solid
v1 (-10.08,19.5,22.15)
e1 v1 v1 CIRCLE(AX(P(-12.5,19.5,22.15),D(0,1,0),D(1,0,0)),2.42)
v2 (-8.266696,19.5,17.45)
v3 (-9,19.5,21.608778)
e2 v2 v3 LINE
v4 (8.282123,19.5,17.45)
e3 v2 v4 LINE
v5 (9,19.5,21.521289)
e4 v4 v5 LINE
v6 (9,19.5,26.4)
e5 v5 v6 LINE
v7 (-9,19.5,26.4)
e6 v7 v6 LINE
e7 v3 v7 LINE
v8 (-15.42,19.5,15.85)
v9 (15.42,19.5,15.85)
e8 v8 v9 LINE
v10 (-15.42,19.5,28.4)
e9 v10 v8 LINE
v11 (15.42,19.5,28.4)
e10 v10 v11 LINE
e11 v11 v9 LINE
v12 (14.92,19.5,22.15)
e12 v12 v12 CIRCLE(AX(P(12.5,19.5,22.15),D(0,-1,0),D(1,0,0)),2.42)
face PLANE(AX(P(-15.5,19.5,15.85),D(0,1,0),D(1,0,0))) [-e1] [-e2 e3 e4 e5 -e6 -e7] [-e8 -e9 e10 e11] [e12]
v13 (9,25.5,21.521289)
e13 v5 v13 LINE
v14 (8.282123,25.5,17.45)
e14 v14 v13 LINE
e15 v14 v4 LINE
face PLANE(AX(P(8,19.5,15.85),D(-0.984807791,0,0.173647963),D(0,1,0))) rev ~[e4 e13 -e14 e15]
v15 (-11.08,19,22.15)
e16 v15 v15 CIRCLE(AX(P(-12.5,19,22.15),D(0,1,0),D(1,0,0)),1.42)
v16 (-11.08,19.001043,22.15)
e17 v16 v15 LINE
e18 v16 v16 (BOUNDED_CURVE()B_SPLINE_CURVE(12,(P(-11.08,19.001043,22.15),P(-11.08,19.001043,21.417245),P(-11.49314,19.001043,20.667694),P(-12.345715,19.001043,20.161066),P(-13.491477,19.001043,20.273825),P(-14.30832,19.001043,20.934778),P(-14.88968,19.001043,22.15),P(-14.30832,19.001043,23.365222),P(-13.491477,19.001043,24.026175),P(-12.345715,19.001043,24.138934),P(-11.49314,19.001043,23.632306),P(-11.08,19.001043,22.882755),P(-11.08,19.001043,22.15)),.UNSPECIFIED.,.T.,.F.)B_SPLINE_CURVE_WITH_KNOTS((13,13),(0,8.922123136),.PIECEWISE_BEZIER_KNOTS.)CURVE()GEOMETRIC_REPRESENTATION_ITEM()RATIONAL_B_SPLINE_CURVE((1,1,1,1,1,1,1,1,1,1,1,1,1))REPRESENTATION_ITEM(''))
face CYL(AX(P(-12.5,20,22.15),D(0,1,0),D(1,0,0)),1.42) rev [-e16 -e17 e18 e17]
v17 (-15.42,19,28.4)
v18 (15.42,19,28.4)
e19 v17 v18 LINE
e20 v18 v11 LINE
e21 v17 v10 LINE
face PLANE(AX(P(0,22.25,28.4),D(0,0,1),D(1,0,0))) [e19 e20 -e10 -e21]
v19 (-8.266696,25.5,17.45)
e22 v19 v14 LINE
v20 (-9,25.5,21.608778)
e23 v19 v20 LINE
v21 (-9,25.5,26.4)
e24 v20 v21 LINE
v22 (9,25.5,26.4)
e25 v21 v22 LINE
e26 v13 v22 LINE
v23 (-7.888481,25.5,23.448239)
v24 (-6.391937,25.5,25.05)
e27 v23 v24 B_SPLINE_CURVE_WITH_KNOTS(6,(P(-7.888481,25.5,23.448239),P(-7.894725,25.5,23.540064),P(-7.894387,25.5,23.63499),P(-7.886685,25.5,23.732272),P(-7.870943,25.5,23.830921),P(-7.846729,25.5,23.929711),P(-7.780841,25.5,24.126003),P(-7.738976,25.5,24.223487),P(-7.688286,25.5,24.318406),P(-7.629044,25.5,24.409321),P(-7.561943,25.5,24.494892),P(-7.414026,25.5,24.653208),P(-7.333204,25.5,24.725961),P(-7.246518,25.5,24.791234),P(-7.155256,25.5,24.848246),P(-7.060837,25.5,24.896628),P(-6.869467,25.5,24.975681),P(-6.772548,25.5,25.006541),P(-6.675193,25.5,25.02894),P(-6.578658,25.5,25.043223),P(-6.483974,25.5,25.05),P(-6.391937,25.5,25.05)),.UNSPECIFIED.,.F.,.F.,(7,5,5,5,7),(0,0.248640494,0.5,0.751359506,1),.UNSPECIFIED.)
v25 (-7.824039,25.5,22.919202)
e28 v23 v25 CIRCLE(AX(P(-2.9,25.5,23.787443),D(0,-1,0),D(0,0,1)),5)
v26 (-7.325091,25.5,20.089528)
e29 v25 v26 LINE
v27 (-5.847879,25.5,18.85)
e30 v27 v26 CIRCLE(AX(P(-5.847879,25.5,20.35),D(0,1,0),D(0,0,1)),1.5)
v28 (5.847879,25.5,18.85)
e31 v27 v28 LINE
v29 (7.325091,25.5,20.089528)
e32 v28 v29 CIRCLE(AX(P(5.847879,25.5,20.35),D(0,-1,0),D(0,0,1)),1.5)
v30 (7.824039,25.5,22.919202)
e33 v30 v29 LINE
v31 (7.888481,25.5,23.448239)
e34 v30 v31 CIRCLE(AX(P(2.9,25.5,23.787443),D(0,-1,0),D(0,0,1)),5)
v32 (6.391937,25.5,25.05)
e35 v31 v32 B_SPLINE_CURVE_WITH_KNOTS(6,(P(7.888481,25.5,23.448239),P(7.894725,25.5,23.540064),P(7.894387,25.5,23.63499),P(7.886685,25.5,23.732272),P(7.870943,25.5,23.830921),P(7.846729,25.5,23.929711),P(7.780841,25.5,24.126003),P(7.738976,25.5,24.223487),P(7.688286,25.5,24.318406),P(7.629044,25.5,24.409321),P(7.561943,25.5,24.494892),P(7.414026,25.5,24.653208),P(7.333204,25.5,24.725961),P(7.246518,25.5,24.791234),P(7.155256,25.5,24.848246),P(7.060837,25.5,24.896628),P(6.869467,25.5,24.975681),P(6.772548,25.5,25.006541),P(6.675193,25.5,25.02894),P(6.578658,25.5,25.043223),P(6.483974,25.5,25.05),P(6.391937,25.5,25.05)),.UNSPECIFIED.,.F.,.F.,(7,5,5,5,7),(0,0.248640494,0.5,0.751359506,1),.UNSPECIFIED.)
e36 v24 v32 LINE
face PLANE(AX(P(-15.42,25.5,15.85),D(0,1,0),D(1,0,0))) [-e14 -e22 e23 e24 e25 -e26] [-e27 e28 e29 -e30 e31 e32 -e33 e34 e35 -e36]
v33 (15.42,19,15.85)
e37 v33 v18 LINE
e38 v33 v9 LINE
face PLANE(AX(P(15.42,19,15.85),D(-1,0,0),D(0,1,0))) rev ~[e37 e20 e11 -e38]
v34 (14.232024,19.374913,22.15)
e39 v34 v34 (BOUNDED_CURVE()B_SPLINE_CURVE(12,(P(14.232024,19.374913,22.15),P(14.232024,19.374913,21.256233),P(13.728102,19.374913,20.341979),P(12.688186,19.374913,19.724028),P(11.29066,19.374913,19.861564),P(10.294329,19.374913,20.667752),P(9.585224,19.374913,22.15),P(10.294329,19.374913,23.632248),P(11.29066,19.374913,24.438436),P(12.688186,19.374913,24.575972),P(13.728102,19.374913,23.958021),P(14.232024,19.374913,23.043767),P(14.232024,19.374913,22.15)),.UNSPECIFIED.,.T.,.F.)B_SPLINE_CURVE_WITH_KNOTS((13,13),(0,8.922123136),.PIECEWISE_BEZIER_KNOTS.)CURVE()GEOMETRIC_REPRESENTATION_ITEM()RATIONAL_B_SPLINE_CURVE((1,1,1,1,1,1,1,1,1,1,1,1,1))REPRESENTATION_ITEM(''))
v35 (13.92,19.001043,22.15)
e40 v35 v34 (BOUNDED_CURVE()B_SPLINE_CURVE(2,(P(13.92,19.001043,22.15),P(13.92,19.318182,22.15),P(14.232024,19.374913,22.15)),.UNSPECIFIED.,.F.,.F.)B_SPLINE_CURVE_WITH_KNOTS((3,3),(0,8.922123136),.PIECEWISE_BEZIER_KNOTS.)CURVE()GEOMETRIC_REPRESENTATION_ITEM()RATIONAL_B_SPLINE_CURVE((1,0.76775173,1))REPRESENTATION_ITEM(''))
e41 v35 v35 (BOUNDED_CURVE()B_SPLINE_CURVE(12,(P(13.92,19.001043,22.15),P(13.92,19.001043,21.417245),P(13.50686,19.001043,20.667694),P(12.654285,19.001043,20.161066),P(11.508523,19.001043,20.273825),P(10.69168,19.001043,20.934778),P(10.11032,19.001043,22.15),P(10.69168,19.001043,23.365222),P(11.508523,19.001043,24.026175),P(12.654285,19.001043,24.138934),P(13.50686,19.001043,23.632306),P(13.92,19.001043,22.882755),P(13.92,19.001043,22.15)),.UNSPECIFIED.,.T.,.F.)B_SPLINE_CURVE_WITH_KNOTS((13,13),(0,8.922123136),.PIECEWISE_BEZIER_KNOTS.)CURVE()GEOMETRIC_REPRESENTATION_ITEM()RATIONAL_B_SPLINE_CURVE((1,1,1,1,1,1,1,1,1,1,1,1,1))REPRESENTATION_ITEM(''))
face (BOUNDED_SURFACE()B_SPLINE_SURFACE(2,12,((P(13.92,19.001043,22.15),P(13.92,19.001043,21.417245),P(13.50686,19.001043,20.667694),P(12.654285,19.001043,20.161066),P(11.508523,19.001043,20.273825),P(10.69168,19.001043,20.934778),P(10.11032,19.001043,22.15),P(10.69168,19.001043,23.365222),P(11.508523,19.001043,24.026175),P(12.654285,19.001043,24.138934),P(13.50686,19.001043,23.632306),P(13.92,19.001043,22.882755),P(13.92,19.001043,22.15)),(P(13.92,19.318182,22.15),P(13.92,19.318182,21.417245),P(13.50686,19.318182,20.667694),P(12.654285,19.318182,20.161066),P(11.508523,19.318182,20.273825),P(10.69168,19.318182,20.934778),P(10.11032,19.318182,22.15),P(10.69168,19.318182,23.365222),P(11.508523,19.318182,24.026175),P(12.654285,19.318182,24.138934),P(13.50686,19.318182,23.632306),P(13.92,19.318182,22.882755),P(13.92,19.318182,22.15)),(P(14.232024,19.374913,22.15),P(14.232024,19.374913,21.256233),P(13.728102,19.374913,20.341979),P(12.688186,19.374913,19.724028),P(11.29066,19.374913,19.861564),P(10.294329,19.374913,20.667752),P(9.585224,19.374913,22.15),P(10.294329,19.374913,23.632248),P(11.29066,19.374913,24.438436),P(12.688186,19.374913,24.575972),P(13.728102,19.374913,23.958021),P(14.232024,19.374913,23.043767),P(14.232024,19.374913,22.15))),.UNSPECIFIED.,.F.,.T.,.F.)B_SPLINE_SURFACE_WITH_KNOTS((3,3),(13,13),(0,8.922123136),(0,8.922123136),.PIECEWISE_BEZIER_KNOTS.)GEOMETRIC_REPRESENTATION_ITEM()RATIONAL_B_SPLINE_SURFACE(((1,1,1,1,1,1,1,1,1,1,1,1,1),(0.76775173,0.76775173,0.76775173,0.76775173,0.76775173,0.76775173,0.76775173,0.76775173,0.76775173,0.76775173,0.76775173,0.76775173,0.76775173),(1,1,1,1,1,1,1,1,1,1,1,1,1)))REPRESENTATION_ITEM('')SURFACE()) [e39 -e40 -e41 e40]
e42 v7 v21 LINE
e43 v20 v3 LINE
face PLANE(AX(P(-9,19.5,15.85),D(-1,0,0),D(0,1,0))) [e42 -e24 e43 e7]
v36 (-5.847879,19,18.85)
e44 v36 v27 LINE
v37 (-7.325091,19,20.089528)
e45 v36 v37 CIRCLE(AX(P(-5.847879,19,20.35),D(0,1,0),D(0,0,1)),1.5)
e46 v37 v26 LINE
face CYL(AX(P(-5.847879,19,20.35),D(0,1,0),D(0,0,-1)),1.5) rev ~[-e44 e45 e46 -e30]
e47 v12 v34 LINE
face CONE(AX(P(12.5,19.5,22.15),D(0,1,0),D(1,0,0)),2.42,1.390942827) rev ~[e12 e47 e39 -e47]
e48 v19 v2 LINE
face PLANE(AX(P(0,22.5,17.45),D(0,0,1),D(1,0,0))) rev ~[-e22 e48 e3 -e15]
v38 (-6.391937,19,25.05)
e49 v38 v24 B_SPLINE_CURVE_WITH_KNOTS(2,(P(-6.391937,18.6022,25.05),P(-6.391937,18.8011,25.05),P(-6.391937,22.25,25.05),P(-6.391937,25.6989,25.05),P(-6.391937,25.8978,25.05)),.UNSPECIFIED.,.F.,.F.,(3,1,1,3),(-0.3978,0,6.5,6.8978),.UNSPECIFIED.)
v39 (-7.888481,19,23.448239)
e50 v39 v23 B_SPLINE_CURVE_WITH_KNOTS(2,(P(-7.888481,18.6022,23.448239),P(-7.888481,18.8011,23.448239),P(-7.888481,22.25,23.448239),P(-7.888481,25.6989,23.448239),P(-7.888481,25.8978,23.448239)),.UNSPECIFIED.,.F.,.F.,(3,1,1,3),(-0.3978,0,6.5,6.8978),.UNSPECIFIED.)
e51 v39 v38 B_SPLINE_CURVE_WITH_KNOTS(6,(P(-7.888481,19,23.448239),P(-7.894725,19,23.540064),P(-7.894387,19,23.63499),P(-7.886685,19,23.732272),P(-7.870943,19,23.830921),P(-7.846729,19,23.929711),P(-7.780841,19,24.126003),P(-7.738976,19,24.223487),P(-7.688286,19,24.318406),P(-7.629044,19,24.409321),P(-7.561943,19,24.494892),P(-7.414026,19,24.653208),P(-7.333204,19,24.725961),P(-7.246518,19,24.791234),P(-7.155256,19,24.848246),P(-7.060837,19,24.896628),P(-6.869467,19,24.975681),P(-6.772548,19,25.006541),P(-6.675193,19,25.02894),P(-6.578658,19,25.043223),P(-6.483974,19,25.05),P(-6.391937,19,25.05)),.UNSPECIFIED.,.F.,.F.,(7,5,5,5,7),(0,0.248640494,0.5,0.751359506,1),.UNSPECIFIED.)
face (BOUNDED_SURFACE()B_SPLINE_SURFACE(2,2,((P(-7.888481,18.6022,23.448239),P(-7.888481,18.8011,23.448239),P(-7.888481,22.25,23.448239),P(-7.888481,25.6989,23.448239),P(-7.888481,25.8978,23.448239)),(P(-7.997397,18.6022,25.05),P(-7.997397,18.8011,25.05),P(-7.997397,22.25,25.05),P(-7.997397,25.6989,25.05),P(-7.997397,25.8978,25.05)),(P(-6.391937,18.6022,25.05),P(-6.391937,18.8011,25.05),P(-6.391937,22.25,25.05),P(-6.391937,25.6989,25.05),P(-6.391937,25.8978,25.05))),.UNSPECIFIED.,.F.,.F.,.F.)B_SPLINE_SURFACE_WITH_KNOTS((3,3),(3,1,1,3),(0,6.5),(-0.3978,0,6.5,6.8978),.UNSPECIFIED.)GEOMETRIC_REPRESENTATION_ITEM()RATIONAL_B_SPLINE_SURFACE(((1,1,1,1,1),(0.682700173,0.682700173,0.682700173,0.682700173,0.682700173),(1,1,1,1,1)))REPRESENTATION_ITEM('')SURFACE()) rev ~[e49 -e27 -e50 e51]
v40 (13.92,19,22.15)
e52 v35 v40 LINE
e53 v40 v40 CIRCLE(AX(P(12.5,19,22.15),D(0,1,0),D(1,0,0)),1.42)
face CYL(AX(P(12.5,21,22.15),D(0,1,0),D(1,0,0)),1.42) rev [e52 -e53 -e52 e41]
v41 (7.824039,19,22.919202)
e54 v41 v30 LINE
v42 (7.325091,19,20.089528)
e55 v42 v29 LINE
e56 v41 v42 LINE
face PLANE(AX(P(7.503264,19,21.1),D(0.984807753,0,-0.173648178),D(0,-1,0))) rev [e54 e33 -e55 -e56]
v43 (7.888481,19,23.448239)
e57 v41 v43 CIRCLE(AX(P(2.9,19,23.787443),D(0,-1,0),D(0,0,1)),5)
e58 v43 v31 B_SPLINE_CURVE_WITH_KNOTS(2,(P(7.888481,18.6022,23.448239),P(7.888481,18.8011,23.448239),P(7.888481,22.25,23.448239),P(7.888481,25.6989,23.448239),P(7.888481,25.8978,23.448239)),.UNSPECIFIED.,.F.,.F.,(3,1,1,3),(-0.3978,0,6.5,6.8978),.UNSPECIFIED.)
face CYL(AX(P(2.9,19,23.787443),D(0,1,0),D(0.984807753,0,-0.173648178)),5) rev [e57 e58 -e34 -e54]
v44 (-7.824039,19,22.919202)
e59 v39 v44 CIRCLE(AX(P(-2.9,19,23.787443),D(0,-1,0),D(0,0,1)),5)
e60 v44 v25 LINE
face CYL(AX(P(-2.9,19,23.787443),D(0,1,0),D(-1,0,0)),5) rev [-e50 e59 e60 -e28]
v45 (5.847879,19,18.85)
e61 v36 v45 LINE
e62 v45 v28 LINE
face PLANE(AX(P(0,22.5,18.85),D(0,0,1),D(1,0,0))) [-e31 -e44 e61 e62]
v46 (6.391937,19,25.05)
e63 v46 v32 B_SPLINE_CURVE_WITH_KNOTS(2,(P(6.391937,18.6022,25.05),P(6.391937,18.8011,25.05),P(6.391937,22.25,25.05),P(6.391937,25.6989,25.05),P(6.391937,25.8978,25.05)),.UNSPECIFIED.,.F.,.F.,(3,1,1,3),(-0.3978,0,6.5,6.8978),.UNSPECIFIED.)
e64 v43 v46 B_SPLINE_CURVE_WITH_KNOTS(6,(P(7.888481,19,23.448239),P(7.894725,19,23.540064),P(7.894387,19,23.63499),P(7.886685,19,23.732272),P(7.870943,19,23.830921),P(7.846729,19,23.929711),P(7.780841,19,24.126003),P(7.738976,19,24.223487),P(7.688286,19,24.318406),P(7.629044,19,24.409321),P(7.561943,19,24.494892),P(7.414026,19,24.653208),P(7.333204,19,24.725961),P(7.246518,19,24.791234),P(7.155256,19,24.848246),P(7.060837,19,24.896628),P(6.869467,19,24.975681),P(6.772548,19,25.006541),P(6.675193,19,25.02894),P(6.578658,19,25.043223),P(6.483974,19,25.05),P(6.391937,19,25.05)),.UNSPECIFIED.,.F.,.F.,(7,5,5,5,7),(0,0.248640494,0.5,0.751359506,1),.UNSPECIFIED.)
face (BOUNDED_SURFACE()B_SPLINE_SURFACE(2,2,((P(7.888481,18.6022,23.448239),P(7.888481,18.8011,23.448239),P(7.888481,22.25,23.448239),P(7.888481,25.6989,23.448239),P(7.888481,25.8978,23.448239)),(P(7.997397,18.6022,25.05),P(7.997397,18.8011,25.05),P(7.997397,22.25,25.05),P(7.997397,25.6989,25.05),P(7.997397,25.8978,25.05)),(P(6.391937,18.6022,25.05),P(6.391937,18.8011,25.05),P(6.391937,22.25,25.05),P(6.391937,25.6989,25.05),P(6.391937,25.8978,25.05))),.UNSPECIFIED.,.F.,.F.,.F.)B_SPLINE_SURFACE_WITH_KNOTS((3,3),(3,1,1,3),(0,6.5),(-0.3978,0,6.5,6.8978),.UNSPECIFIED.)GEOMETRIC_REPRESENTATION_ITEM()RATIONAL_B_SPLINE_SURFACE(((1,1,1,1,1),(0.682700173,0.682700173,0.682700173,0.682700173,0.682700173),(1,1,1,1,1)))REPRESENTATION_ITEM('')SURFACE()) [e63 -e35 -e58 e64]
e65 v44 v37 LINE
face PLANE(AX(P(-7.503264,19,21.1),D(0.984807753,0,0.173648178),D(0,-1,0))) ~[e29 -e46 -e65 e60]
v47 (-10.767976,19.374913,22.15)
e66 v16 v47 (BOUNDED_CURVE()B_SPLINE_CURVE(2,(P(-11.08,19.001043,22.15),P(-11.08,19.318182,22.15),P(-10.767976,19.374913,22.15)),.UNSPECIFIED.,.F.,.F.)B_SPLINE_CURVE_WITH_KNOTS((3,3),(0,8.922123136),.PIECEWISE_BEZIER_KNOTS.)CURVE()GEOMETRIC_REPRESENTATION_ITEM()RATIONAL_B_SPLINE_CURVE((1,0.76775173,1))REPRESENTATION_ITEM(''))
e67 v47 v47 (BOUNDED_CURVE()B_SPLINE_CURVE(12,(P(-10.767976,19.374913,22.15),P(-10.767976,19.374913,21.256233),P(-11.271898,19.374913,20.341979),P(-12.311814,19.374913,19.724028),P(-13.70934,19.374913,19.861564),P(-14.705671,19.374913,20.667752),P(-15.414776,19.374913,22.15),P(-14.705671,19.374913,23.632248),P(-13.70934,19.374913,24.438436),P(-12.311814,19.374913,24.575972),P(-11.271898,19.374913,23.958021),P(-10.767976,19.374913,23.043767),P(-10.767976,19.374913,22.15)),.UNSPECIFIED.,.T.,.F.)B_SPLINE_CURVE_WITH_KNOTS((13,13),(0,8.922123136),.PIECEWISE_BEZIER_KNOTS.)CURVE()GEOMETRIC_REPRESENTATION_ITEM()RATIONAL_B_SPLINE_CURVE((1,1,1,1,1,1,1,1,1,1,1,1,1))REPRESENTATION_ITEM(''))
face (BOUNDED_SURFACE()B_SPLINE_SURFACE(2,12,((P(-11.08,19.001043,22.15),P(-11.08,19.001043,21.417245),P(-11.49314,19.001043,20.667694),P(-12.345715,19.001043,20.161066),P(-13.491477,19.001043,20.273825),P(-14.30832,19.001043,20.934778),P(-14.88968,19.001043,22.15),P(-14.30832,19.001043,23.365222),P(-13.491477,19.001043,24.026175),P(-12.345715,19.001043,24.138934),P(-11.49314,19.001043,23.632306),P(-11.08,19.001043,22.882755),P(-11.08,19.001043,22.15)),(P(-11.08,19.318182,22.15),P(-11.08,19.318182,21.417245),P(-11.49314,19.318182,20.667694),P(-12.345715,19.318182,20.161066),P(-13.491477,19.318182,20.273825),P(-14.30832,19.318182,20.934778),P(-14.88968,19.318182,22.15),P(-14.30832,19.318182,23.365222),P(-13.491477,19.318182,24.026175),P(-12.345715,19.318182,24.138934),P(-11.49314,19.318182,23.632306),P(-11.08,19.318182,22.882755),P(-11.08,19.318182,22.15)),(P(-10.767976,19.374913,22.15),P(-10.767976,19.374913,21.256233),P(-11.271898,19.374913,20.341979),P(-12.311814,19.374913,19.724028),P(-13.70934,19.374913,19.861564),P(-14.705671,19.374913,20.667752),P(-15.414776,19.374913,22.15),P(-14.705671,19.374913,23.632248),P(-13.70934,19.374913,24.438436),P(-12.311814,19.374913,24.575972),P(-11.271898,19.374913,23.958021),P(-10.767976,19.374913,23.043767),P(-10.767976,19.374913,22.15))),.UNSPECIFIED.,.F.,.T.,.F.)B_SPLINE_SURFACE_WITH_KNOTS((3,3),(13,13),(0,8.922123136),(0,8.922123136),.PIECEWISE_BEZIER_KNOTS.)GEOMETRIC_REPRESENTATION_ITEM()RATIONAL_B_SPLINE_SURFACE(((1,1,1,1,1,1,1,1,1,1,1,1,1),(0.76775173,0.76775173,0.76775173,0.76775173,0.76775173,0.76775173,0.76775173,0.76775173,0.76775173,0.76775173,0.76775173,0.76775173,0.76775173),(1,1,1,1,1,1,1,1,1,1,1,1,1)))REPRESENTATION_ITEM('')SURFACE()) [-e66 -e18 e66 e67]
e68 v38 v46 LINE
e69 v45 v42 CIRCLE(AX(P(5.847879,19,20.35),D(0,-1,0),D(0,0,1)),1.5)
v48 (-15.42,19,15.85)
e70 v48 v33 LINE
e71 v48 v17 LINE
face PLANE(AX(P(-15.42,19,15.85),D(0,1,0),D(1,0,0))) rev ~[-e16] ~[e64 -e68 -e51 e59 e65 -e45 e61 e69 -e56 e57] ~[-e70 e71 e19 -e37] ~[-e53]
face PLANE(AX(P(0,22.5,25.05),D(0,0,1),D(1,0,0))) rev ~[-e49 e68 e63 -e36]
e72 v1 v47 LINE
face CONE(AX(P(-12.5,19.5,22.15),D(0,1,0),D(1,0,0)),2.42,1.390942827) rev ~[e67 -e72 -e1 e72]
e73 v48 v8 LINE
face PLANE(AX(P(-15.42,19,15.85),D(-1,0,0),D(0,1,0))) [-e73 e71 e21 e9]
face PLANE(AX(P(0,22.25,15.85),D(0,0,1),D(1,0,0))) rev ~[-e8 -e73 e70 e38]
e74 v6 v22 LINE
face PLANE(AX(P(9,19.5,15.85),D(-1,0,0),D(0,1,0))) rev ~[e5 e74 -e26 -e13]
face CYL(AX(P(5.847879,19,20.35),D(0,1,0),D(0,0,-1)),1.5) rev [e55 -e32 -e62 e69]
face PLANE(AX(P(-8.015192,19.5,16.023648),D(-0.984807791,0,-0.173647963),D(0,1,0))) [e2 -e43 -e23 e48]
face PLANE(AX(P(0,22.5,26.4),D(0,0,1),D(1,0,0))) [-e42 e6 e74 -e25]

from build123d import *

# Parameters (mm, degrees)
BOX042_W           = 30.84
BOX042_H           = 6.5
BOX042_DEPTH       = 12.55
BOX043_W           = 6.5
BOX043_H           = 6
BOX043_DEPTH       = 12.55
BOX040_W           = 6.5
BOX040_H           = 6
BOX040_DEPTH       = 12.55
BOX044_W           = 15.8
BOX044_H           = 7
BOX044_DEPTH       = 6.2
BOX041_W           = 23
BOX041_H           = 6
BOX041_DEPTH       = 1.6
BOX039_W           = 19
BOX039_H           = 6
BOX039_DEPTH       = 2
CYLINDER008_R      = 1.42
CYLINDER008_DEPTH  = 3
CYLINDER009_R      = 1.42
CYLINDER009_DEPTH  = 3
CHAMFER001_1_ANGLE = 10
CHAMFER001_1_SIZE  = 4.5
CHAMFER001_2_ANGLE = 10
CHAMFER001_2_SIZE  = 4.5
FILLET012_R        = 5
FILLET009_R        = 1.5
FILLET013_R        = 5
FILLET010_R        = 1.5
FILLET014_R        = 1.5
FILLET011_R        = 1.5
FILLET015_R        = 0.38
FILLET016_R        = 0.38
BOX045_W           = 1
BOX045_H           = 6
BOX045_DEPTH       = 10
BOX046_W           = 1
BOX046_H           = 6
BOX046_DEPTH       = 10


with BuildPart() as part:
    # Box042 → Box042 (join)
    with BuildSketch(Plane(origin=(-15.42, 19, 0), x_dir=(1, 0, 0), z_dir=(0, 0, 1))):
        with Locations((15.42, 3.25)):
            Rectangle(BOX042_W, BOX042_H)
    extrude(amount=BOX042_DEPTH)

    # Box043 → Box043 (cut)
    with BuildSketch(Plane(origin=(9, 19.5, 0), x_dir=(1, 0, 0), z_dir=(0, 0, 1))):
        with Locations((3.25, 3)):
            Rectangle(BOX043_W, BOX043_H)
    extrude(amount=BOX043_DEPTH, mode=Mode.SUBTRACT)

    # Box040 → Box040 (cut)
    with BuildSketch(Plane(origin=(-15.5, 19.5, 0), x_dir=(1, 0, 0), z_dir=(0, 0, 1))):
        with Locations((3.25, 3)):
            Rectangle(BOX040_W, BOX040_H)
    extrude(amount=BOX040_DEPTH, mode=Mode.SUBTRACT)

    # Box044 → Box044 (cut)
    with BuildSketch(Plane(origin=(-7.9, 19, 3), x_dir=(1, 0, 0), z_dir=(0, 0, 1))):
        with Locations((7.9, 3.5)):
            Rectangle(BOX044_W, BOX044_H)
    extrude(amount=BOX044_DEPTH, mode=Mode.SUBTRACT)

    # Box041 → Box041 (cut)
    with BuildSketch(Plane(origin=(-11.5, 19.5, 0), x_dir=(1, 0, 0), z_dir=(0, 0, 1))):
        with Locations((11.5, 3)):
            Rectangle(BOX041_W, BOX041_H)
    extrude(amount=BOX041_DEPTH, mode=Mode.SUBTRACT)

    # Box039 → Box039 (cut)
    with BuildSketch(Plane(origin=(-9.5, 19.5, 10.55), x_dir=(1, 0, 0), z_dir=(0, 0, 1))):
        with Locations((9.5, 3)):
            Rectangle(BOX039_W, BOX039_H)
    extrude(amount=BOX039_DEPTH, mode=Mode.SUBTRACT)

    # Cylinder008 → Cylinder008 (cut)
    with BuildSketch(Plane(origin=(12.5, 21, 6.3), x_dir=(1, 0, 0), z_dir=(0, -1, 0))):
        Circle(CYLINDER008_R)
    extrude(amount=CYLINDER008_DEPTH, mode=Mode.SUBTRACT)

    # Cylinder009 → Cylinder009 (cut)
    with BuildSketch(Plane(origin=(-12.5, 20, 6.3), x_dir=(1, 0, 0), z_dir=(0, -1, 0))):
        Circle(CYLINDER009_R)
    extrude(amount=CYLINDER009_DEPTH, mode=Mode.SUBTRACT)

    # Chamfer001 1
    chamfer001_1_edges = [part.edges().sort_by_distance(p)[0] for p in [
        (7.9, 22.25, 3),
    ]]
    chamfer001_1_side = part.faces().sort_by_distance((7.9, 22.25, 6.1))[0]
    chamfer(chamfer001_1_edges, length=CHAMFER001_1_SIZE, angle=CHAMFER001_1_ANGLE, reference=chamfer001_1_side)

    # Chamfer001 2
    chamfer001_2_edges = [part.edges().sort_by_distance(p)[0] for p in [
        (-7.9, 22.25, 3),
    ]]
    chamfer001_2_side = part.faces().sort_by_distance((-7.9, 22.25, 6.1))[0]
    chamfer(chamfer001_2_edges, length=CHAMFER001_2_SIZE, angle=CHAMFER001_2_ANGLE, reference=chamfer001_2_side)

    # Fillet012
    fillet012_edges = [part.edges().sort_by_distance(p)[0] for p in [
        (7.9, 22.25, 7.5),
    ]]
    fillet(fillet012_edges, radius=FILLET012_R)

    # Fillet009
    fillet009_edges = [part.edges().sort_by_distance(p)[0] for p in [
        (7.9, 22.25, 9.2),
    ]]
    fillet(fillet009_edges, radius=FILLET009_R)

    # Fillet013
    fillet013_edges = [part.edges().sort_by_distance(p)[0] for p in [
        (-7.9, 22.25, 7.5),
    ]]
    fillet(fillet013_edges, radius=FILLET013_R)

    # Fillet010
    fillet010_edges = [part.edges().sort_by_distance(p)[0] for p in [
        (-7.9, 22.25, 9.2),
    ]]
    fillet(fillet010_edges, radius=FILLET010_R)

    # Fillet014
    fillet014_edges = [part.edges().sort_by_distance(p)[0] for p in [
        (7.106529, 22.25, 3),
    ]]
    fillet(fillet014_edges, radius=FILLET014_R)

    # Fillet011
    fillet011_edges = [part.edges().sort_by_distance(p)[0] for p in [
        (-7.106529, 22.25, 3),
    ]]
    fillet(fillet011_edges, radius=FILLET011_R)

    # Cone002 → Cone002 (revolve, cut)
    with BuildSketch(Plane(origin=(12.5, 19.5, 6.3), x_dir=(1, 0, 0), z_dir=(0, 0, -1))):
        Polygon((0, 0), (2.42, 0), (1.32, 0.2), (0, 0.2), align=None)
    revolve(axis=Axis((12.5, 19.5, 6.3), (0, -1, 0)), mode=Mode.SUBTRACT)

    # Fillet015
    fillet015_edges = [part.edges().sort_by_distance(p)[0] for p in [
        (11.08, 19.318182, 6.3),
    ]]
    fillet(fillet015_edges, radius=FILLET015_R)

    # Cone003 → Cone003 (revolve, cut)
    with BuildSketch(Plane(origin=(-12.5, 19.5, 6.3), x_dir=(1, 0, 0), z_dir=(0, 0, -1))):
        Polygon((0, 0), (2.42, 0), (1.32, 0.2), (0, 0.2), align=None)
    revolve(axis=Axis((-12.5, 19.5, 6.3), (0, -1, 0)), mode=Mode.SUBTRACT)

    # Fillet016
    fillet016_edges = [part.edges().sort_by_distance(p)[0] for p in [
        (-13.92, 19.318182, 6.3),
    ]]
    fillet(fillet016_edges, radius=FILLET016_R)

    # Box045 → Box045 (cut)
    with BuildSketch(Plane(origin=(8, 19.5, 0), x_dir=(0.984808, 0, -0.173648), z_dir=(0.173648, 0, 0.984808))):
        with Locations((0.5, 3)):
            Rectangle(BOX045_W, BOX045_H)
    extrude(amount=BOX045_DEPTH, mode=Mode.SUBTRACT)

    # Box046 → Box046 (cut)
    with BuildSketch(Plane(origin=(-9, 19.5, 0), x_dir=(0.984808, 0, 0.173648), z_dir=(-0.173648, 0, 0.984808))):
        with Locations((0.5, 3)):
            Rectangle(BOX046_W, BOX046_H)
    extrude(amount=BOX046_DEPTH, mode=Mode.SUBTRACT)


with BuildPart() as part_1:
    # Body005 placement: moved
    add(part.part.moved(Location((0, 0, 15.85))))


solid = part_1.part
